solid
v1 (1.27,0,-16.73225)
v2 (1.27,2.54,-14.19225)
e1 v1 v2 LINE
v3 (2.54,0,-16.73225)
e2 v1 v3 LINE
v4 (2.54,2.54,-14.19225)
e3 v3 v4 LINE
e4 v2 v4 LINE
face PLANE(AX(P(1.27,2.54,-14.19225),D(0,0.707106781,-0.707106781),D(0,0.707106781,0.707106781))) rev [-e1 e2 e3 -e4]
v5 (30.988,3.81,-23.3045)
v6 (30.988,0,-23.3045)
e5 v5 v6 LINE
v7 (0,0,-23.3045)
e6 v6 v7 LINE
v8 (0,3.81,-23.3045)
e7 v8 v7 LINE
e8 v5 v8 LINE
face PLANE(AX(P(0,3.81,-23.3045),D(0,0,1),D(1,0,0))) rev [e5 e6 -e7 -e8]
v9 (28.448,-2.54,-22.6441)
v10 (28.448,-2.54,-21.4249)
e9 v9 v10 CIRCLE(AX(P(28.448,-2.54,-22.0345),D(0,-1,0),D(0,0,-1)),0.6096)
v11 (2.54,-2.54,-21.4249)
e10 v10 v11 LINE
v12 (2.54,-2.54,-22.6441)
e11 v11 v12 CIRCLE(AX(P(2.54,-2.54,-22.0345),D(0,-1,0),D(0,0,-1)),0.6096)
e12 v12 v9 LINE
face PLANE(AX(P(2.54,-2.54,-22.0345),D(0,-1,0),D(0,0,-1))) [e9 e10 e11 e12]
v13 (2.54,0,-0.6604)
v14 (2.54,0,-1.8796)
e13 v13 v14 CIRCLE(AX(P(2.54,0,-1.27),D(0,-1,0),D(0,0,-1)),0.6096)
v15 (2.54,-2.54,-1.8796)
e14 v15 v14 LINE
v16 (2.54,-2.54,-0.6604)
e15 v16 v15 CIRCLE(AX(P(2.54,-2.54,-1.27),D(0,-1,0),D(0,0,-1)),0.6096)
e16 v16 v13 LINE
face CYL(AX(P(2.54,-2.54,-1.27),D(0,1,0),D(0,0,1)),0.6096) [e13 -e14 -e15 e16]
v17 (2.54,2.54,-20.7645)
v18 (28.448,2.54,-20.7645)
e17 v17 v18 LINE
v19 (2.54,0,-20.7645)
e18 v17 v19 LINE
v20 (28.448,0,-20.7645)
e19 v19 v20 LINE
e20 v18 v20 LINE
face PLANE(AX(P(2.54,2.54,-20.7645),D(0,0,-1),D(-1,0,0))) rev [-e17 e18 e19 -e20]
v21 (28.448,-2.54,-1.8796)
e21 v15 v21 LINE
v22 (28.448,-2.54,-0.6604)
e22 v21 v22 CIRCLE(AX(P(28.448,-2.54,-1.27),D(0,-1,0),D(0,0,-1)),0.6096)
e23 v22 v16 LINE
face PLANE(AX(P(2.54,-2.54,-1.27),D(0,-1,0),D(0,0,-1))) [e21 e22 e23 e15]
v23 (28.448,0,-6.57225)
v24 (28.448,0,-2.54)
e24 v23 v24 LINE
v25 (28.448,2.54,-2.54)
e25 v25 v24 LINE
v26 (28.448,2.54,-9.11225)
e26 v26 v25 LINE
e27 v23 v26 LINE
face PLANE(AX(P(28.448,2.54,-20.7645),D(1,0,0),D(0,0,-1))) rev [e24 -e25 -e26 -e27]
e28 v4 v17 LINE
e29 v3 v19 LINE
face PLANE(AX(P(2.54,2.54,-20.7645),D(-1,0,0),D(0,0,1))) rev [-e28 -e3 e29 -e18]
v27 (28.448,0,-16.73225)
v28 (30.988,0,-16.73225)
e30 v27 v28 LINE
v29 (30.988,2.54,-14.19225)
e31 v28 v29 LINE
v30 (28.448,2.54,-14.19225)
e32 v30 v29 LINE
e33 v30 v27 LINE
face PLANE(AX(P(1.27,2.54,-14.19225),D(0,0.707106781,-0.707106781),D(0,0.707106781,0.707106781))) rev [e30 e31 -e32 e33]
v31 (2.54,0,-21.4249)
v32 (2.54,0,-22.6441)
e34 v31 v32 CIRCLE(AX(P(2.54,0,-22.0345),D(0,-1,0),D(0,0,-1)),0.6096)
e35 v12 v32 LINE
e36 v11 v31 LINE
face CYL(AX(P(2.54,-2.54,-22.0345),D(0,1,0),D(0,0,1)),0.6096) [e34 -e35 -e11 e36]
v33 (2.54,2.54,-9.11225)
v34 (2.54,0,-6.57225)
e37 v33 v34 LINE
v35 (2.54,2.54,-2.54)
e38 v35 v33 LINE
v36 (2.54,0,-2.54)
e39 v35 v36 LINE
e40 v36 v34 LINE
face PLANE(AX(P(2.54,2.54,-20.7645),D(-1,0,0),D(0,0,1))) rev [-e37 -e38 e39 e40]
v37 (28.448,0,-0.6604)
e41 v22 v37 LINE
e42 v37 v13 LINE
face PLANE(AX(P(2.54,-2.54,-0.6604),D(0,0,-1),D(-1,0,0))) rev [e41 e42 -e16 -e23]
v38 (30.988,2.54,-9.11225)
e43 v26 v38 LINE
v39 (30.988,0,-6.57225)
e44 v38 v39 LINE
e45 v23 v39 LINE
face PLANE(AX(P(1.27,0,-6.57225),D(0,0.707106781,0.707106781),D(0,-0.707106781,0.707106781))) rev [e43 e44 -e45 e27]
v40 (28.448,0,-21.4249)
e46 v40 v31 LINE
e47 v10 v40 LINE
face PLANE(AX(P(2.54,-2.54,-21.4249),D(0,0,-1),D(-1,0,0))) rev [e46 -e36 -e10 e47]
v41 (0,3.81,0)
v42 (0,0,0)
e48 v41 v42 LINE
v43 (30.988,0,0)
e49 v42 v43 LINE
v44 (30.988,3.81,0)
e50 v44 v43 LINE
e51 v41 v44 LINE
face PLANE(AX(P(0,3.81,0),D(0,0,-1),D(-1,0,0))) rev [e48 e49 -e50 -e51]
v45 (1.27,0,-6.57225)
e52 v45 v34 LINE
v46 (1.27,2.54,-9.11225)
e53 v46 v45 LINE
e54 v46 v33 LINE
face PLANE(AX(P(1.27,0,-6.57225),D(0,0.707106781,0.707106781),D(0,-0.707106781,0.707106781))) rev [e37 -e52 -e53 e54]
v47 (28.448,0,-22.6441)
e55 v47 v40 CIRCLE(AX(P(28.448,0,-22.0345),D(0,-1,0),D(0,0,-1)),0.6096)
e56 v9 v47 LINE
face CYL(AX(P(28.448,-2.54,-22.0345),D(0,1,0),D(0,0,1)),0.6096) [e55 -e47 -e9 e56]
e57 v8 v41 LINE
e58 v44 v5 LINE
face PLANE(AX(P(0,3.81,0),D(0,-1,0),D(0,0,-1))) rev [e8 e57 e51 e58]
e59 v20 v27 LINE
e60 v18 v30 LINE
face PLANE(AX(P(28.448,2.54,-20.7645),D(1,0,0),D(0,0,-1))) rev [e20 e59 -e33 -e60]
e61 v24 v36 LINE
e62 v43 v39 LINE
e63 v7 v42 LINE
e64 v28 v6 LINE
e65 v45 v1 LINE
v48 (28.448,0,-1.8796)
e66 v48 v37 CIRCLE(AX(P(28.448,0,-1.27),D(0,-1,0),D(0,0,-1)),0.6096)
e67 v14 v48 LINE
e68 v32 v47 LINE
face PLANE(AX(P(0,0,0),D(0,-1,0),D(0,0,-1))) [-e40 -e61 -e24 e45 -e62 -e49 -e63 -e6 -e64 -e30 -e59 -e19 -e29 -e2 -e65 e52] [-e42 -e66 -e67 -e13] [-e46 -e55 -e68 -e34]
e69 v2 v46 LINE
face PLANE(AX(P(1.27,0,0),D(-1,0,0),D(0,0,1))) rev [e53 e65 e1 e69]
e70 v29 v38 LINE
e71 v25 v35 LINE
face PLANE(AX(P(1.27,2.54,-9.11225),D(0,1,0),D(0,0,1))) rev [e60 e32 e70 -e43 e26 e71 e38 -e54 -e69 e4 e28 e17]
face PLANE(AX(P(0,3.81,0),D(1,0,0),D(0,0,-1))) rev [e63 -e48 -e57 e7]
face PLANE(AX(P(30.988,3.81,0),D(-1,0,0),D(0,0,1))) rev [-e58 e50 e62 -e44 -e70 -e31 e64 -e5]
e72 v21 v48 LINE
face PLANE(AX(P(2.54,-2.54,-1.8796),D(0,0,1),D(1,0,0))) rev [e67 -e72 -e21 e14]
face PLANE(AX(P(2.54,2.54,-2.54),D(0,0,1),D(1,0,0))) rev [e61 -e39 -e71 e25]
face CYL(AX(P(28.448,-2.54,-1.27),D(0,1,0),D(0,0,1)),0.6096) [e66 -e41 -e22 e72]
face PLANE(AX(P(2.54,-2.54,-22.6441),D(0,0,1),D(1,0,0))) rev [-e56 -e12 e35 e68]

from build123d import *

# Parameters (mm, degrees)
SKETCH1_W           = 30.988
SKETCH1_H           = 23.3045
BOSS_EXTRUDE1_DEPTH = 3.81
CUT_EXTRUDE1_DEPTH  = 29.718
BOSS_EXTRUDE2_DEPTH = 2.54
SKETCH4_W           = 25.908
SKETCH4_H           = 18.2245
CUT_EXTRUDE2_DEPTH  = 2.54


with BuildPart() as part:
    # Sketch1 → Boss-Extrude1 (new body)
    with BuildSketch(Plane(origin=(0, 0, 0), x_dir=(1, 0, 0), z_dir=(0, 1, 0))):
        with Locations((15.494, 11.65225)):
            Rectangle(SKETCH1_W, SKETCH1_H)
    extrude(amount=BOSS_EXTRUDE1_DEPTH)

    # Sketch2 → Cut-Extrude1 (cut)
    with BuildSketch(Plane(origin=(30.988, 0, 0), x_dir=(0, 0, -1), z_dir=(1, 0, 0))):
        Polygon((6.57225, 0), (9.11225, 2.54), (14.19225, 2.54), (16.73225, 0), align=None)
    extrude(amount=-CUT_EXTRUDE1_DEPTH, mode=Mode.SUBTRACT)

    # Sketch3 → Boss-Extrude2 (add)
    with BuildSketch(Plane.XZ):
        with BuildLine():
            Line((2.54, -0.6604), (28.448, -0.6604))
            ThreePointArc((28.448, -0.6604), (29.0576, -1.27), (28.448, -1.8796))
            Line((28.448, -1.8796), (2.54, -1.8796))
            ThreePointArc((2.54, -1.8796), (1.9304, -1.27), (2.54, -0.6604))
        make_face()
        with BuildLine():
            Line((2.54, -21.4249), (28.448, -21.4249))
            ThreePointArc((28.448, -21.4249), (29.0576, -22.0345), (28.448, -22.6441))
            Line((28.448, -22.6441), (2.54, -22.6441))
            ThreePointArc((2.54, -22.6441), (1.9304, -22.0345), (2.54, -21.4249))
        make_face()
    extrude(amount=BOSS_EXTRUDE2_DEPTH)

    # Sketch4 → Cut-Extrude2 (cut)
    with BuildSketch(Plane.XZ):
        with Locations((15.494, -11.65225)):
            Rectangle(SKETCH4_W, SKETCH4_H)
    extrude(amount=-CUT_EXTRUDE2_DEPTH, mode=Mode.SUBTRACT)


solid = part.part
